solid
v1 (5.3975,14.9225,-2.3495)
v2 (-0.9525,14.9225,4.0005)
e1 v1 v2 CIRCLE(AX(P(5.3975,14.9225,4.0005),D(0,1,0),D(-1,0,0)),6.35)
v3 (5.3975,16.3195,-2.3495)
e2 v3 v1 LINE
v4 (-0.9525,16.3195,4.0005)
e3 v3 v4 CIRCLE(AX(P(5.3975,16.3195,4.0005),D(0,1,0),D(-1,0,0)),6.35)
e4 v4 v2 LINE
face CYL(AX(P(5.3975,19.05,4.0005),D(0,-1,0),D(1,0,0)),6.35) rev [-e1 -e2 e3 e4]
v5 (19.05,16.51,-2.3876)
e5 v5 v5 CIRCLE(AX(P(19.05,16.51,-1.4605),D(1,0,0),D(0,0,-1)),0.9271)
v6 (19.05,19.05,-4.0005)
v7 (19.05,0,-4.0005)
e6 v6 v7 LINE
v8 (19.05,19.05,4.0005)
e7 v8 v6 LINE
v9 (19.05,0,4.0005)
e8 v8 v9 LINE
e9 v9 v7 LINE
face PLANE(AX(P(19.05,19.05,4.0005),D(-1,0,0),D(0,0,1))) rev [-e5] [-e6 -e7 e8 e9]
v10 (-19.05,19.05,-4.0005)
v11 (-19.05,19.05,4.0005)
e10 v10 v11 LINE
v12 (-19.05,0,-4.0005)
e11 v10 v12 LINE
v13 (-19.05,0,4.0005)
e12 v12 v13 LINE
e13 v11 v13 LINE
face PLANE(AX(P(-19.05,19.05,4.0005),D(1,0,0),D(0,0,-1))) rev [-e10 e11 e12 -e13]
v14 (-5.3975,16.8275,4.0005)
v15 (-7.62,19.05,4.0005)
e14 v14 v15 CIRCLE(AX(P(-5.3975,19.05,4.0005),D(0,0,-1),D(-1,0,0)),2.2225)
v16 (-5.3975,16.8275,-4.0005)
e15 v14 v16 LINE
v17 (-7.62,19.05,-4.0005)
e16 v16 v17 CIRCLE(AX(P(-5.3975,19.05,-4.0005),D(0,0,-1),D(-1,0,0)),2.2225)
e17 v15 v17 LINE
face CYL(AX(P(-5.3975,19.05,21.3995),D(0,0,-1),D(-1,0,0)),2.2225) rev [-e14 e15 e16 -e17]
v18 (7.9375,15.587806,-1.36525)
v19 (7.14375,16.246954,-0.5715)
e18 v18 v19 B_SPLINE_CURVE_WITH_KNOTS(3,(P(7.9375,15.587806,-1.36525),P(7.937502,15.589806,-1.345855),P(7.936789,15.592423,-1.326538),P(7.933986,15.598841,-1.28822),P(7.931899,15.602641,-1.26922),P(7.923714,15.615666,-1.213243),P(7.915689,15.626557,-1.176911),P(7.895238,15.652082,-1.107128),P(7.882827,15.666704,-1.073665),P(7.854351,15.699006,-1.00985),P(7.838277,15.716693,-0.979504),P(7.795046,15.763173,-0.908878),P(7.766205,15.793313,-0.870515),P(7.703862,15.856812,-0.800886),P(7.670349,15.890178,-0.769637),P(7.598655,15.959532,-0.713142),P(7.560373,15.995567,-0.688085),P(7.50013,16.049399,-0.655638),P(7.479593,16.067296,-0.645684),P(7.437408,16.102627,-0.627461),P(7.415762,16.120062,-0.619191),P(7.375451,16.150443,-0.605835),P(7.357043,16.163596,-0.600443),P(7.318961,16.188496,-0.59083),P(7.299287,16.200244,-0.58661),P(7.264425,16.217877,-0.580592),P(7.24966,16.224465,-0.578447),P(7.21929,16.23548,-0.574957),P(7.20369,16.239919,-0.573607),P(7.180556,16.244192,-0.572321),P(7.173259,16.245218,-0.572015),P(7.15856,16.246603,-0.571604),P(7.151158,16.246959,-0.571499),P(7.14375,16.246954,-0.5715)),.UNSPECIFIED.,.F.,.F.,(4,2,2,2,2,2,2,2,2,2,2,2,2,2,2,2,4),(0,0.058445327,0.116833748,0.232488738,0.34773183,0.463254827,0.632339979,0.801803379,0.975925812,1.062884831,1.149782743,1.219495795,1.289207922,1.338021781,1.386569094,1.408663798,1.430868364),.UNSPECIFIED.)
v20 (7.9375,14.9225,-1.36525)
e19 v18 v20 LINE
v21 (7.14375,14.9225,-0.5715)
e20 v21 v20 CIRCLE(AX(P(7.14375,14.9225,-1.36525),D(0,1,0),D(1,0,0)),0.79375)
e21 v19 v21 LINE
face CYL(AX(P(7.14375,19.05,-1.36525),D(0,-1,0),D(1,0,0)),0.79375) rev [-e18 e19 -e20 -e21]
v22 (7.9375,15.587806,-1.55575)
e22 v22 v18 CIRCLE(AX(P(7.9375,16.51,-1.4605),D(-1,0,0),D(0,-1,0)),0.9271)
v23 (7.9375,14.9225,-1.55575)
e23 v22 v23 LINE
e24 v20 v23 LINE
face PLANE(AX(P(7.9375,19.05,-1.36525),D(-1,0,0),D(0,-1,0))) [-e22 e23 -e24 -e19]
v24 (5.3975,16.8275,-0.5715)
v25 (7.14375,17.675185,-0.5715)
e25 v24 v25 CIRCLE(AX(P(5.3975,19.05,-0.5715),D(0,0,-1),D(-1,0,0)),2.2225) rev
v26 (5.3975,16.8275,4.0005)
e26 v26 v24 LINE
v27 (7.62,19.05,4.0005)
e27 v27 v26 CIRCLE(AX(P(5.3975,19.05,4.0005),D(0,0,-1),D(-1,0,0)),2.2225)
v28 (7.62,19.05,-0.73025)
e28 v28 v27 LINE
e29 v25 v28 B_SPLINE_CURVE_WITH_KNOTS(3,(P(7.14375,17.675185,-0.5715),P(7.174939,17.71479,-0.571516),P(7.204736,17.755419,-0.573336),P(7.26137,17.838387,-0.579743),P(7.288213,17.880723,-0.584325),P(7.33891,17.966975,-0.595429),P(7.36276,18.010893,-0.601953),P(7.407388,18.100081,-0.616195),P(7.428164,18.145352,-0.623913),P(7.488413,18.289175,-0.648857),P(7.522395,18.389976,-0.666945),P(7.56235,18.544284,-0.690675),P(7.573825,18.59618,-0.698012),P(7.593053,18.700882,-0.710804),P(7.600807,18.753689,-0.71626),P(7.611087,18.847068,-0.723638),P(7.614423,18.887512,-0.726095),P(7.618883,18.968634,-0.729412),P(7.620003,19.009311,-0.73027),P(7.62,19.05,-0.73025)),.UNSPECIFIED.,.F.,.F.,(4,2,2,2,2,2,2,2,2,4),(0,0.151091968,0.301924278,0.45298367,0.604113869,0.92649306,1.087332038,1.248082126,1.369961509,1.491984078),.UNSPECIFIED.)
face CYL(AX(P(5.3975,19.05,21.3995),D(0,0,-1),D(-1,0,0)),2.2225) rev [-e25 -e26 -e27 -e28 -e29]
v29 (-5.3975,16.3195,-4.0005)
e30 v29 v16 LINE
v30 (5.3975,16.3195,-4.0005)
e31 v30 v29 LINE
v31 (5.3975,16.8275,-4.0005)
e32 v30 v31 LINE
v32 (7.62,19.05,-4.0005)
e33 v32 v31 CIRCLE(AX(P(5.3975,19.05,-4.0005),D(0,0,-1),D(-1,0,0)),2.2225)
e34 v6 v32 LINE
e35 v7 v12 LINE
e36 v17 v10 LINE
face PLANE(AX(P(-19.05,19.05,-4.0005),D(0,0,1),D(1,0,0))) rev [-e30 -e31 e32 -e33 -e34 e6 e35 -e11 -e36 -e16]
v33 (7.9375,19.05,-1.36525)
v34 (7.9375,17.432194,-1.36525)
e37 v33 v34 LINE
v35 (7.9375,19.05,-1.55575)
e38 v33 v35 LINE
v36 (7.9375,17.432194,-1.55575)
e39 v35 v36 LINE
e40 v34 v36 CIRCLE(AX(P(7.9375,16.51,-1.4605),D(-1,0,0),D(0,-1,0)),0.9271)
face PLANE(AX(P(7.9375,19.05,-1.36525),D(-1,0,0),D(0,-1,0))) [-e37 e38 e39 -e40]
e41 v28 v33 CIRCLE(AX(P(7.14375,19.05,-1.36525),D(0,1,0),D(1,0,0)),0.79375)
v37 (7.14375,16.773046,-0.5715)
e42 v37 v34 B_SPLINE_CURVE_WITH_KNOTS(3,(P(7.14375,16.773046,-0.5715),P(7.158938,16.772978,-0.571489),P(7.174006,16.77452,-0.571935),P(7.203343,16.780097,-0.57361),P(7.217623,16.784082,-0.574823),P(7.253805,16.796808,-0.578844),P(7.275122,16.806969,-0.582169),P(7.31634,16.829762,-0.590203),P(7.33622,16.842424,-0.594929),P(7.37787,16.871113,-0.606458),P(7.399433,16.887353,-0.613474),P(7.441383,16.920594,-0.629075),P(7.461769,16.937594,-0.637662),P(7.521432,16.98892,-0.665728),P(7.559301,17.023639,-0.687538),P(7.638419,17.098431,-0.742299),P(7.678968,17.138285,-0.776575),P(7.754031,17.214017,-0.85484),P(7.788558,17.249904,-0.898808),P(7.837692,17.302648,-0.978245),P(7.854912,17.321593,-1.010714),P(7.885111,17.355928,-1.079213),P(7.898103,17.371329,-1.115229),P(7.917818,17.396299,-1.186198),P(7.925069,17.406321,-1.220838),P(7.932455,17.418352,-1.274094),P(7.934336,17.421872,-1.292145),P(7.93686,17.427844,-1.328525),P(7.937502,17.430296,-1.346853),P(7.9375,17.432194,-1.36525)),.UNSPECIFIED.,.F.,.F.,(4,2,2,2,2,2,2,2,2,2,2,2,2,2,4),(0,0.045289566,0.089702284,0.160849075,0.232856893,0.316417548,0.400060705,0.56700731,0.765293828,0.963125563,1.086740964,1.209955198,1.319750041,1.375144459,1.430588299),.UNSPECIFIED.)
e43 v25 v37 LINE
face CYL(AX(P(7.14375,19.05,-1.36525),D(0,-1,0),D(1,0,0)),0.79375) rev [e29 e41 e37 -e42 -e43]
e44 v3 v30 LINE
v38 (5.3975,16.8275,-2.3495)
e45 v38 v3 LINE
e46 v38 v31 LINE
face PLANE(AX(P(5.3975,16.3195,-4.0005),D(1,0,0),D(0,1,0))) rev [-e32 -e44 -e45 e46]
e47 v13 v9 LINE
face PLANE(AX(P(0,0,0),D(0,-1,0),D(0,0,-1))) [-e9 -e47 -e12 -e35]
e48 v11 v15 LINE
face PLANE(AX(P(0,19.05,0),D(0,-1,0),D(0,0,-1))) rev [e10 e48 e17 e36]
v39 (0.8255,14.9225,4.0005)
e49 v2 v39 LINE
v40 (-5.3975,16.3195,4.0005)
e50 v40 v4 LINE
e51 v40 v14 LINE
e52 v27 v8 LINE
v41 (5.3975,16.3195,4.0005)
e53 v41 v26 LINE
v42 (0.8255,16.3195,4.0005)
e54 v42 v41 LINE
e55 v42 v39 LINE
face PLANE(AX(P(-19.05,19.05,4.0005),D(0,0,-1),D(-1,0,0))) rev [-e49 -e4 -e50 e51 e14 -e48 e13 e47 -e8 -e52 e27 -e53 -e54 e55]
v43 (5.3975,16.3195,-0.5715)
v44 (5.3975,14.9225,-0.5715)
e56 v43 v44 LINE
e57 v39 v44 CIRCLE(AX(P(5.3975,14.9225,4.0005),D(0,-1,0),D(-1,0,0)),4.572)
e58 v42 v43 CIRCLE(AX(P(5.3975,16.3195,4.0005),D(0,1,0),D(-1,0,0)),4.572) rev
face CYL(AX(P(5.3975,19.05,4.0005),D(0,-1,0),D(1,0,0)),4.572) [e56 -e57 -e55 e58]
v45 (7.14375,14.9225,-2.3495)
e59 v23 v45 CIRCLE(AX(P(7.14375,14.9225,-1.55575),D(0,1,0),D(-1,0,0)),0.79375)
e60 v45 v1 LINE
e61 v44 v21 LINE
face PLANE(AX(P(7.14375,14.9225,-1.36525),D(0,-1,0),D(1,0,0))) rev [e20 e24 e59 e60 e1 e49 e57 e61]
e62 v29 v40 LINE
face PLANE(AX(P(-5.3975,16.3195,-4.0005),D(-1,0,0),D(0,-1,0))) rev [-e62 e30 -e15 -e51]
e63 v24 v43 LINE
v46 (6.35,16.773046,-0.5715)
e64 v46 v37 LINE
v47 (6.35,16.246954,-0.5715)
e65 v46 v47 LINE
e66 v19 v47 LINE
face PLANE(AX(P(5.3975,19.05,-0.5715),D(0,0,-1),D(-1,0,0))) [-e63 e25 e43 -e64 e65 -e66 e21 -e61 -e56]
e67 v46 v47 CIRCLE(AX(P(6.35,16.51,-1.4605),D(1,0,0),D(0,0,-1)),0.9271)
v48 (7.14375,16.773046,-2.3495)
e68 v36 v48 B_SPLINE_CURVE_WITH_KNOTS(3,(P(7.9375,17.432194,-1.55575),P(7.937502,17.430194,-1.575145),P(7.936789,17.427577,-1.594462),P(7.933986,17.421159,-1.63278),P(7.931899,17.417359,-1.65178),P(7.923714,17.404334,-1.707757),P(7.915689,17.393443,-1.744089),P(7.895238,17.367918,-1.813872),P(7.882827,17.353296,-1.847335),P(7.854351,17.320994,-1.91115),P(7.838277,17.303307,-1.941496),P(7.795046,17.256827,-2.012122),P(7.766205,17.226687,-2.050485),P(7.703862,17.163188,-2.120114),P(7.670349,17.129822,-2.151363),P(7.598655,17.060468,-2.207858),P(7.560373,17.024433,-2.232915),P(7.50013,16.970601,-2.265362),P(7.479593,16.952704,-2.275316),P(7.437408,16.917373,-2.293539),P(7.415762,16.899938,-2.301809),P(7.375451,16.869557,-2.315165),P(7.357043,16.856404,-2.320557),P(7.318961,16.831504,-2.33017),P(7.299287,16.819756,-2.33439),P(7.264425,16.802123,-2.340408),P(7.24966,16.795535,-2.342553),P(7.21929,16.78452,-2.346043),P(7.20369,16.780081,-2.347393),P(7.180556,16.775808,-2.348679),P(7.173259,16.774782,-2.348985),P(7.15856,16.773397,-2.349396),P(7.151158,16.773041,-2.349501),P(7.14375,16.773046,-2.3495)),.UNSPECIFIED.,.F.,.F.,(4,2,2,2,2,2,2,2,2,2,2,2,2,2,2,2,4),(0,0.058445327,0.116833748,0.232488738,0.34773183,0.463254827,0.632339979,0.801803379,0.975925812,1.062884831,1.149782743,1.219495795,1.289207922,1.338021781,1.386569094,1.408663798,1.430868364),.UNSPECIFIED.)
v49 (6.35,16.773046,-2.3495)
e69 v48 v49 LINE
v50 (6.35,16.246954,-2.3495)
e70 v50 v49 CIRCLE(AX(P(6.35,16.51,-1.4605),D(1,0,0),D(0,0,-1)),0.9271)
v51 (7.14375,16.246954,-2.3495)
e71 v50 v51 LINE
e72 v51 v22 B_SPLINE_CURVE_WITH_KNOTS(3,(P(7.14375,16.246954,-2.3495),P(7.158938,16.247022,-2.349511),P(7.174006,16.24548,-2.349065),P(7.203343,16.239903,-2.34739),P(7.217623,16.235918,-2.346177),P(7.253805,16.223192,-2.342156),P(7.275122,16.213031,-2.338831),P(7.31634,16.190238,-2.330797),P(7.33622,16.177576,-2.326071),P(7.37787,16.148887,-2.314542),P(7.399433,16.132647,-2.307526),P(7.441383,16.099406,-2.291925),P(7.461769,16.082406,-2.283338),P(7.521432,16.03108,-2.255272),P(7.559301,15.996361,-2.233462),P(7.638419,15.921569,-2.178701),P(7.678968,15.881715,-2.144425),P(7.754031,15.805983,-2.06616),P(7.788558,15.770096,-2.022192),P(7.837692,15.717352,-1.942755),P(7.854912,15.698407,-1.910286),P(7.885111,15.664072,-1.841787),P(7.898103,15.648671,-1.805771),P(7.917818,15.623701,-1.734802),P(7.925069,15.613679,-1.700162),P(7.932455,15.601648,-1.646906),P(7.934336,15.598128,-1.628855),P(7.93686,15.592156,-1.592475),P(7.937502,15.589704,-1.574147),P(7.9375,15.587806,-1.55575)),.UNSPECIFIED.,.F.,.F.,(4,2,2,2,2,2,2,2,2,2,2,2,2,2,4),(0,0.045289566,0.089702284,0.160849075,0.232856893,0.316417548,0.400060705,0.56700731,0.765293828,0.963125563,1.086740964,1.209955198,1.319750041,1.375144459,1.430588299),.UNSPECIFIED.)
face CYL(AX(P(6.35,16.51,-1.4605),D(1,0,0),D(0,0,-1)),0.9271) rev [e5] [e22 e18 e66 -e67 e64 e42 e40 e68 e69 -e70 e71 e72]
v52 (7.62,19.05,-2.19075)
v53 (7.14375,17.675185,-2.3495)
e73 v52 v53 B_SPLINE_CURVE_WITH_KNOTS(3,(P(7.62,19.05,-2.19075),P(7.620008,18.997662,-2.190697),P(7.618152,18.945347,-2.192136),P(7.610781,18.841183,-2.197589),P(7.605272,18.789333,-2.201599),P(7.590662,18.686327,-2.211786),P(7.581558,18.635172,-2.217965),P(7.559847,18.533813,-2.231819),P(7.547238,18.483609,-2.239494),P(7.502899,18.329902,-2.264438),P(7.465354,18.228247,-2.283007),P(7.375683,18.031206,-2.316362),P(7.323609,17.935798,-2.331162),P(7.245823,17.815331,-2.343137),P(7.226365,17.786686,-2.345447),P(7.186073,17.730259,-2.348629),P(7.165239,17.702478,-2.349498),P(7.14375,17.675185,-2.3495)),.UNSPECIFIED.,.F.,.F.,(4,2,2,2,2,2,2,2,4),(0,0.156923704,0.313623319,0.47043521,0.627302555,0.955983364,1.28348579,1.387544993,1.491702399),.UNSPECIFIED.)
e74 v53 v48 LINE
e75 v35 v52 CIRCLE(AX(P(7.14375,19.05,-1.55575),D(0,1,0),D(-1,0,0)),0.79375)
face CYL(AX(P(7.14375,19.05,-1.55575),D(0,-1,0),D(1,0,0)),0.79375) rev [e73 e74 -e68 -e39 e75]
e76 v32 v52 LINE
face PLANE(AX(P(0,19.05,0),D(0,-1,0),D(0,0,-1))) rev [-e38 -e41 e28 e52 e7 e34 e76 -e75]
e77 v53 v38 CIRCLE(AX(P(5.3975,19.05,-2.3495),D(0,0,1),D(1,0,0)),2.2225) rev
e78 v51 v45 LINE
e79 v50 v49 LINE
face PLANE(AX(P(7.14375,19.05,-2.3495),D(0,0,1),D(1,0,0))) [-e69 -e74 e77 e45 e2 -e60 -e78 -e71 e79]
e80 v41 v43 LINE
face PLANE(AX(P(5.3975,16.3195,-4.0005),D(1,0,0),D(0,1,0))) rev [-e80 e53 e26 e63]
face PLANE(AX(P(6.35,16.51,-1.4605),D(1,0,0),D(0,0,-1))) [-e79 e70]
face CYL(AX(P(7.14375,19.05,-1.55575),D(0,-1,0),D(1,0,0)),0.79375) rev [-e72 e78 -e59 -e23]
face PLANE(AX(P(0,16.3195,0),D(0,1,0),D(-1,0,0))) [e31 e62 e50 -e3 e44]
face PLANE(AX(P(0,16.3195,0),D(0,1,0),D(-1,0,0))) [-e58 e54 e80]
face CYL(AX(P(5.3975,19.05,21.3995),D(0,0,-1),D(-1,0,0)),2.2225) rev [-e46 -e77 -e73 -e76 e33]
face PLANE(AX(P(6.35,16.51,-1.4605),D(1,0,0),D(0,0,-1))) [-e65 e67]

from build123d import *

# Parameters (mm, degrees)
SKETCH1_W               = 38.1
SKETCH1_H               = 8.001
BOSS_EXTRUDE1_DEPTH     = 19.05
CUT_EXTRUDE1_DEPTH      = 25.4
CUT_EXTRUDE2_DEPTH      = 26.730745355
CUT_EXTRUDE2_DEPTH_BACK = 1.905
SKETCH5_R               = 0.9271
CUT_EXTRUDE3_DEPTH      = 12.7
SKETCH6_W               = 10.795
SKETCH6_H               = 8.001
CUT_EXTRUDE4_DEPTH      = 0.508


with BuildPart() as part:
    # Sketch1 → Boss-Extrude1 (new body)
    with BuildSketch(Plane(origin=(0, 0, 0), x_dir=(1, 0, 0), z_dir=(0, 1, 0))):
        Rectangle(SKETCH1_W, SKETCH1_H)
    extrude(amount=BOSS_EXTRUDE1_DEPTH)

    # Sketch2 → Cut-Extrude1 (cut)
    with BuildSketch(Plane(origin=(0, 0, -4.0005), x_dir=(-1, 0, 0), z_dir=(0, 0, -1))):
        with BuildLine():
            Line((5.3975, 16.8275), (-5.3975, 16.8275))
            ThreePointArc((-5.3975, 16.8275), (-7.62, 19.05), (-5.3975, 21.2725))
            Line((-5.3975, 21.2725), (5.3975, 21.2725))
            ThreePointArc((5.3975, 21.2725), (7.62, 19.05), (5.3975, 16.8275))
        make_face()
    extrude(amount=-CUT_EXTRUDE1_DEPTH, mode=Mode.SUBTRACT)

    # Sketch4 → Cut-Extrude2 (cut, two sides: drawn at the far end of the back side and taken through both)
    with BuildSketch(Plane(origin=(0, 16.8275, 0), x_dir=(1, 0, 0), z_dir=(0, 1, 0)).offset(-CUT_EXTRUDE2_DEPTH_BACK)):
        with BuildLine():
            Line((0.8255, -4.0005), (-0.9525, -4.0005))
            ThreePointArc((-0.9525, -4.0005), (0.907371939, 0.489628061), (5.3975, 2.3495))
            Line((5.3975, 2.3495), (7.14375, 2.3495))
            ThreePointArc((7.14375, 2.3495), (7.705016008, 2.117016008), (7.9375, 1.55575))
            Line((7.9375, 1.55575), (7.9375, 1.36525))
            ThreePointArc((7.9375, 1.36525), (7.705016008, 0.803983992), (7.14375, 0.5715))
            Line((7.14375, 0.5715), (5.3975, 0.5715))
            ThreePointArc((5.3975, 0.5715), (2.164607796, -0.767607796), (0.8255, -4.0005))
        make_face()
    extrude(amount=CUT_EXTRUDE2_DEPTH + CUT_EXTRUDE2_DEPTH_BACK, mode=Mode.SUBTRACT)

    # Sketch5 → Cut-Extrude3 (cut)
    with BuildSketch(Plane(origin=(19.05, 0, 0), x_dir=(0, 0, -1), z_dir=(1, 0, 0))):
        with Locations((1.4605, 16.51)):
            Circle(SKETCH5_R)
    extrude(amount=-CUT_EXTRUDE3_DEPTH, mode=Mode.SUBTRACT)

    # Sketch6 → Cut-Extrude4 (cut)
    with BuildSketch(Plane(origin=(0, 16.8275, 0), x_dir=(1, 0, 0), z_dir=(0, 1, 0))):
        Rectangle(SKETCH6_W, SKETCH6_H)
    extrude(amount=-CUT_EXTRUDE4_DEPTH, mode=Mode.SUBTRACT)


solid = part.part
